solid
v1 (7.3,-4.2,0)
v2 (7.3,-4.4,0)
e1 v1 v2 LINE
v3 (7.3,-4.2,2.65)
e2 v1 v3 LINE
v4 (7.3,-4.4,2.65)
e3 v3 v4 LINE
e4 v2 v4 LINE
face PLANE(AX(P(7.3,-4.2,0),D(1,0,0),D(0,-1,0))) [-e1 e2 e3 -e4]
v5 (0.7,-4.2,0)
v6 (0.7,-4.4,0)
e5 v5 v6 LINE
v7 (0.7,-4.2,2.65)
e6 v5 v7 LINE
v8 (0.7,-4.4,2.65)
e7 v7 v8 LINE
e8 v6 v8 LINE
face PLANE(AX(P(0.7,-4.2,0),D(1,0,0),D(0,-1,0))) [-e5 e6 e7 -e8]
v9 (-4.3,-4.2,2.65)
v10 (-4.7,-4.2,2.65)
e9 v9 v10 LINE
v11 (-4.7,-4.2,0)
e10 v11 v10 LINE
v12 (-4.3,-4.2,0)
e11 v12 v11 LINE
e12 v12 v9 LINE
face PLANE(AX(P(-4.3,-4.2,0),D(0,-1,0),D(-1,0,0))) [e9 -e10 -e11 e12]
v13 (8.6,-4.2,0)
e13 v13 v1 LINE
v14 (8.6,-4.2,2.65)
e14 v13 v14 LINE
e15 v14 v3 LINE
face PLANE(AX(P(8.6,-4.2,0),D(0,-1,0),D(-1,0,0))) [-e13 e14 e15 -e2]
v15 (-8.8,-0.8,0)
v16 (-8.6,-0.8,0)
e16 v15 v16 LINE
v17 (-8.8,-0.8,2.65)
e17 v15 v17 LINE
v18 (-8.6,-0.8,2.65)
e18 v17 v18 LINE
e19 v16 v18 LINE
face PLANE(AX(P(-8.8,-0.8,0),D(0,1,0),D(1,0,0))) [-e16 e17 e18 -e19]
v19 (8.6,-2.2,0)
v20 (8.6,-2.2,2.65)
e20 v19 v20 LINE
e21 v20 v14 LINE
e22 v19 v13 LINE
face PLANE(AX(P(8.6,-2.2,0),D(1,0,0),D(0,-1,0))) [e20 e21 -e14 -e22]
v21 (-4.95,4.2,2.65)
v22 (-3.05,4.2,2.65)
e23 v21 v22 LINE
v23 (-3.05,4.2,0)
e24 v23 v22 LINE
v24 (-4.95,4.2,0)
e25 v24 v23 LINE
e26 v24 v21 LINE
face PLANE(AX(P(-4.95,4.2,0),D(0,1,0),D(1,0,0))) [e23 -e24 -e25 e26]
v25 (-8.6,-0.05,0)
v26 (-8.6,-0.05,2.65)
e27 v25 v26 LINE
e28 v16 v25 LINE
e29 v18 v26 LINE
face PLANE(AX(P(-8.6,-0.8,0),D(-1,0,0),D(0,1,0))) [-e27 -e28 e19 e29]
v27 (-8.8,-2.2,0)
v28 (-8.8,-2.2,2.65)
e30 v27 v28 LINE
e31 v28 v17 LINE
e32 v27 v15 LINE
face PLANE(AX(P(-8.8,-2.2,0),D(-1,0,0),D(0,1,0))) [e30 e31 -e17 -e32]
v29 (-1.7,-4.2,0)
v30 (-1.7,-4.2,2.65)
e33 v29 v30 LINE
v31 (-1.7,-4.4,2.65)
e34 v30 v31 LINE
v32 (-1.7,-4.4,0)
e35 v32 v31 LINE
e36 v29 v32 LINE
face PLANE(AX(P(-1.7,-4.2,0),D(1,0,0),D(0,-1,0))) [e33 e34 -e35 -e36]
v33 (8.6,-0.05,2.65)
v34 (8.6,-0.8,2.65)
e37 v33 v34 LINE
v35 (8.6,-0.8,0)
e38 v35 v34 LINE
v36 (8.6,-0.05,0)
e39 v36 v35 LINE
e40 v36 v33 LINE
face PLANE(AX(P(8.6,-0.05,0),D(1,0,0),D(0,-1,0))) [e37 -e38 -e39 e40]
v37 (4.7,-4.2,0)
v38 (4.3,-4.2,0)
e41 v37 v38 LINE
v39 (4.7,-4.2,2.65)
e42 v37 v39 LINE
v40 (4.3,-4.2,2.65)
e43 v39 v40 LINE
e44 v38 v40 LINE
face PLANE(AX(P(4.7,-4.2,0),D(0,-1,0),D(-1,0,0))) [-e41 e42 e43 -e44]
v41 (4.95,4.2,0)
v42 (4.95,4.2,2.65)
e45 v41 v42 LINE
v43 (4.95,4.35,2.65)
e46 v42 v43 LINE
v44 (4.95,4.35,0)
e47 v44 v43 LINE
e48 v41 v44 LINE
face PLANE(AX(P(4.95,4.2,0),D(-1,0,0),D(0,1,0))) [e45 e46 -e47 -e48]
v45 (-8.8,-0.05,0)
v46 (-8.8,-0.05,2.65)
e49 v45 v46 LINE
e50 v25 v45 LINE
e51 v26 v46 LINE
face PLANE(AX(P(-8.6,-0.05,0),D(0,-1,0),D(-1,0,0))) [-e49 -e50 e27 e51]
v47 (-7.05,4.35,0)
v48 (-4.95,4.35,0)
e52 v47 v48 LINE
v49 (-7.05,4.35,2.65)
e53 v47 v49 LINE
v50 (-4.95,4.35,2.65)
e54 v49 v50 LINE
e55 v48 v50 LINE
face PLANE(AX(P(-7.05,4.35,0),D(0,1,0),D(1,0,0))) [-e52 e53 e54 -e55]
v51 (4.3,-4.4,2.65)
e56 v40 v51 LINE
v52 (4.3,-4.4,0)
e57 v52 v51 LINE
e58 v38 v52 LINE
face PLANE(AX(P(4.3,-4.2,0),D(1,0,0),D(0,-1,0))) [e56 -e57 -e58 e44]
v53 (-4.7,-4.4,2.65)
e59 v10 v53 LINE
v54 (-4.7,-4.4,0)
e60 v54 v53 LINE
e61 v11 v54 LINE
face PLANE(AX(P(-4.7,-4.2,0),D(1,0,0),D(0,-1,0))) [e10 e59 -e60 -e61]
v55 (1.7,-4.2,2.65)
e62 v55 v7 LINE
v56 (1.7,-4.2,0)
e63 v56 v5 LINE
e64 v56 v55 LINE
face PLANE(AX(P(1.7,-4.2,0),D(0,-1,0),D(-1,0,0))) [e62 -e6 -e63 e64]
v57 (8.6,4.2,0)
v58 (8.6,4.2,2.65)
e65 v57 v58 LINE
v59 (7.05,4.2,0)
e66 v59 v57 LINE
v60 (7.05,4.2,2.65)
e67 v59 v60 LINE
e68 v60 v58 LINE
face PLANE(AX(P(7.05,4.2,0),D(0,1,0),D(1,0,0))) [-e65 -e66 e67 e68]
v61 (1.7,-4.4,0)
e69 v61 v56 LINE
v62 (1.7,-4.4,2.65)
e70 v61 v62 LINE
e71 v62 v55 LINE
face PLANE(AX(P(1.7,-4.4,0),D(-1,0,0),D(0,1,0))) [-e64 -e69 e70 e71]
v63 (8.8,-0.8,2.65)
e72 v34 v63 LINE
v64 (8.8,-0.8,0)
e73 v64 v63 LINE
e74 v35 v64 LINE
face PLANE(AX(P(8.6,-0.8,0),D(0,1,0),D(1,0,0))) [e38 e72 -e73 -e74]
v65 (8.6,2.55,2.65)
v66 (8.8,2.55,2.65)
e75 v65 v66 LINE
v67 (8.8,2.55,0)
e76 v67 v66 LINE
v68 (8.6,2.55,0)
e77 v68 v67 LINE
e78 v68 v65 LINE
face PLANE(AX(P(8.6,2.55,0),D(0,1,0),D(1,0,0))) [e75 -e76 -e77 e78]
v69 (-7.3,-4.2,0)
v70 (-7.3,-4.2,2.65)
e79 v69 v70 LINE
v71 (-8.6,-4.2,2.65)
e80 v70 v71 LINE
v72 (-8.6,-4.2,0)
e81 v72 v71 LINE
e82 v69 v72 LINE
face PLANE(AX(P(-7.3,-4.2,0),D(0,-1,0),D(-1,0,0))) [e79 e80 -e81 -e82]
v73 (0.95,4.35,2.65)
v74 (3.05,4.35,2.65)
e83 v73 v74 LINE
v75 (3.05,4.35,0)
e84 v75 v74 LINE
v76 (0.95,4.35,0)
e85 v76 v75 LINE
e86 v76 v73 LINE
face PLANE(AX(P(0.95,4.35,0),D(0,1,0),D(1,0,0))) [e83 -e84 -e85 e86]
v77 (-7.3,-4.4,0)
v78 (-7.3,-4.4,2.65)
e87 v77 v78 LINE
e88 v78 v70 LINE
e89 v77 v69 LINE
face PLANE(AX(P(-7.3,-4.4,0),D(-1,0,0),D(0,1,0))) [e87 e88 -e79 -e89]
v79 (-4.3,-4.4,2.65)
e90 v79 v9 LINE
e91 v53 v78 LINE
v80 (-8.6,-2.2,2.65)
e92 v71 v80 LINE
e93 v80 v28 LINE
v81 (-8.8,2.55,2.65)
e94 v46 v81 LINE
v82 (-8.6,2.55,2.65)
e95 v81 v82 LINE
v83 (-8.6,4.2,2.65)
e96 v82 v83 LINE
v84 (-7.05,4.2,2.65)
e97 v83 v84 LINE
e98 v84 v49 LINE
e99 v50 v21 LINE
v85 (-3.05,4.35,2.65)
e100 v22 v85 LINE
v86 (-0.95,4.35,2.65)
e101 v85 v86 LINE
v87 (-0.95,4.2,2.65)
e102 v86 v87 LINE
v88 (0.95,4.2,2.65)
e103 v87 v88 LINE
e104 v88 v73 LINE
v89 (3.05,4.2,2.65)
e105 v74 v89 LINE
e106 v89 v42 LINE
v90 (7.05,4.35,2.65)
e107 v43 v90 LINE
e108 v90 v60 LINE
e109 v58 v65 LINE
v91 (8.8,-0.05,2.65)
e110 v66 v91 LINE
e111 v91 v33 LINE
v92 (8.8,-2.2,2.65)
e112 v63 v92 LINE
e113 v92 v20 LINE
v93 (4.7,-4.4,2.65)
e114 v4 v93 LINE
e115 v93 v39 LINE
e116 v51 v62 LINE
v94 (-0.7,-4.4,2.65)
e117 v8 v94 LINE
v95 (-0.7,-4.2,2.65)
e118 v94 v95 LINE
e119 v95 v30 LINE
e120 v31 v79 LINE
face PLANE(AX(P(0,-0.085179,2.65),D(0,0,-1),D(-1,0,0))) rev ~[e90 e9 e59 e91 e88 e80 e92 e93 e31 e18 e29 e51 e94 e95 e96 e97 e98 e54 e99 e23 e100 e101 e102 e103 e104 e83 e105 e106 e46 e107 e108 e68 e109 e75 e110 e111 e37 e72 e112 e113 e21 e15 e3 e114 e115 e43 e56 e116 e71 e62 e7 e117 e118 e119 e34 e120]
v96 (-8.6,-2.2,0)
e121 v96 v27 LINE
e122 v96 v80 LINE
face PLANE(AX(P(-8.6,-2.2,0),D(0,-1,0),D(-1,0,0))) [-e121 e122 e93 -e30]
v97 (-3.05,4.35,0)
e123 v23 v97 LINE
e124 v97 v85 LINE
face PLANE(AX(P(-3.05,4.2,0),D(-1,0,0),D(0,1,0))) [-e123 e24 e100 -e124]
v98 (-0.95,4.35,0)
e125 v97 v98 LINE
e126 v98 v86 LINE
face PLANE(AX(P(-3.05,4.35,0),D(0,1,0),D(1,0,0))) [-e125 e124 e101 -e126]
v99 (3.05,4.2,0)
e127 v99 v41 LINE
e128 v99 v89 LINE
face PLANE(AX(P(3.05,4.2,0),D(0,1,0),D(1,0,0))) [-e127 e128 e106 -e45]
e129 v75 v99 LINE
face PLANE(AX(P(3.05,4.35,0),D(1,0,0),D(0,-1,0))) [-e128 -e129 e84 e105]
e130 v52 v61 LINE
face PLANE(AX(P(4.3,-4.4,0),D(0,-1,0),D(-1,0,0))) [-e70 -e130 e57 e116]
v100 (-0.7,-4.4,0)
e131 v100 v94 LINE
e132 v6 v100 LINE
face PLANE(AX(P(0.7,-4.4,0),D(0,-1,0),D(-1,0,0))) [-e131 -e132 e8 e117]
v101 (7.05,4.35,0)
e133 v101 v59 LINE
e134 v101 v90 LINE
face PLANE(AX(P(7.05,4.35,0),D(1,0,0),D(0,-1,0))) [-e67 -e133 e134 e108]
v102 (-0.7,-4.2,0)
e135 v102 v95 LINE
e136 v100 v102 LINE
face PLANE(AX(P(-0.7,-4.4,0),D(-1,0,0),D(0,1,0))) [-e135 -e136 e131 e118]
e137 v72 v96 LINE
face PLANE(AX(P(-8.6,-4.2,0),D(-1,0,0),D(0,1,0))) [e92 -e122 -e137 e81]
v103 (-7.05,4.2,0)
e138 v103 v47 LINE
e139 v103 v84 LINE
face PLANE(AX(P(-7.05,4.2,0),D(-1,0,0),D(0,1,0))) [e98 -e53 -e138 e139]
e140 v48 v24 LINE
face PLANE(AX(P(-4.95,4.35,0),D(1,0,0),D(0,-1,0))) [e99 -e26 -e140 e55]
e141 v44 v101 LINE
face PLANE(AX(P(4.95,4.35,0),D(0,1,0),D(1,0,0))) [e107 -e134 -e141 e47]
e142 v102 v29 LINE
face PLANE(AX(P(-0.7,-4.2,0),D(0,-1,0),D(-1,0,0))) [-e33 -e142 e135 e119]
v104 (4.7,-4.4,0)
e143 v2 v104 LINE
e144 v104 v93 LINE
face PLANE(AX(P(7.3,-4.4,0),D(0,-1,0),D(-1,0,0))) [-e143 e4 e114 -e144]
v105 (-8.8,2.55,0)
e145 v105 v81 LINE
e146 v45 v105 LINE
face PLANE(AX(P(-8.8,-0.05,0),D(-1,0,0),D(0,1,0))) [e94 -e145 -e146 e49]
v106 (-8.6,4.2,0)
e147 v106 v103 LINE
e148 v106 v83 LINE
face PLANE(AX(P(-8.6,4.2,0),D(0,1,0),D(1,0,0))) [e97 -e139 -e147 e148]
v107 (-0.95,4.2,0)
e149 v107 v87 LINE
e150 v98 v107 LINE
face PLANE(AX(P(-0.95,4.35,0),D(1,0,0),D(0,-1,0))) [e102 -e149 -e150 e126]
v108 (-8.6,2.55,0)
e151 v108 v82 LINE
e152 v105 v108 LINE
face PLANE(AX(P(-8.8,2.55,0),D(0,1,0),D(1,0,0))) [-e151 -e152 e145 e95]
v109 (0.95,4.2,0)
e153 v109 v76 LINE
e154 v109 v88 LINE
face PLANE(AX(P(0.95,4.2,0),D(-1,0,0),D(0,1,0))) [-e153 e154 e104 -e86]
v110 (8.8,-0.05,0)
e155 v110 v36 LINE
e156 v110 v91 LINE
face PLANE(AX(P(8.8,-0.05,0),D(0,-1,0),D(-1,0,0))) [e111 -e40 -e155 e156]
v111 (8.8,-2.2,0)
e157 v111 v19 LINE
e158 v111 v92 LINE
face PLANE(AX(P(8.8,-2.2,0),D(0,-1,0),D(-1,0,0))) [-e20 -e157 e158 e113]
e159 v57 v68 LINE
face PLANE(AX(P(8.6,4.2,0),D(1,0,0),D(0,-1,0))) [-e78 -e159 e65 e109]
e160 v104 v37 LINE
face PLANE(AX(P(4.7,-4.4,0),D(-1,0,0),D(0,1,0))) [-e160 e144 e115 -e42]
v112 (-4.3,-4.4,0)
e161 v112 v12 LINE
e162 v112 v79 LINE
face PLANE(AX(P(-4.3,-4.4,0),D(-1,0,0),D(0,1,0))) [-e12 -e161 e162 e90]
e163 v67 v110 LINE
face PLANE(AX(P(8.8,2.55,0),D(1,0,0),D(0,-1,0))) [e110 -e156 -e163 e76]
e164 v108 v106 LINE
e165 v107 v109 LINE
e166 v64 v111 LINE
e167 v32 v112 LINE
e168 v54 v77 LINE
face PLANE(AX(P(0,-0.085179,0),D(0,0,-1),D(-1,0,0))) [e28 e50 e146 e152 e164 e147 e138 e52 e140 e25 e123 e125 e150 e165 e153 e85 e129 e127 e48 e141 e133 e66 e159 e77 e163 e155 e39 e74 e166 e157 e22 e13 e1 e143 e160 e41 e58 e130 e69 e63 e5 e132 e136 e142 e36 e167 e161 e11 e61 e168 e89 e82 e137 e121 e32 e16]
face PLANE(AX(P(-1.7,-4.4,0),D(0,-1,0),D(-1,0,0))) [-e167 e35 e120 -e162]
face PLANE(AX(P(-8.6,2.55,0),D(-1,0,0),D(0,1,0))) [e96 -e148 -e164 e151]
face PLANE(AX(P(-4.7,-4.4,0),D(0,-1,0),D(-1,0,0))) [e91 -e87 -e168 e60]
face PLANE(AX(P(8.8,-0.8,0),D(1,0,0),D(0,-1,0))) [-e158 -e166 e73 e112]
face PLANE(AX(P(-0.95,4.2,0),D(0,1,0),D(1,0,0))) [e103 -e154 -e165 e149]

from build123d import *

# Parameters (mm, degrees)
COMPONENT_OUTLINE_DEPTH = 2.65


with BuildPart() as part:
    # 草图1 → Component_Outline (new body)
    with BuildSketch(Plane.XY):
        Polygon((7.05, 4.35), (7.05, 4.2), (8.6, 4.2), (8.6, 2.55), (8.8, 2.55), (8.8, -0.05), (8.6, -0.05), (8.6, -0.8), (8.8, -0.8), (8.8, -2.2), (8.6, -2.2), (8.6, -4.2), (7.3, -4.2), (7.3, -4.4), (4.7, -4.4), (4.7, -4.2), (4.3, -4.2), (4.3, -4.4), (1.7, -4.4), (1.7, -4.2), (0.7, -4.2), (0.7, -4.4), (-0.7, -4.4), (-0.7, -4.2), (-1.7, -4.2), (-1.7, -4.4), (-4.3, -4.4), (-4.3, -4.2), (-4.7, -4.2), (-4.7, -4.4), (-7.3, -4.4), (-7.3, -4.2), (-8.6, -4.2), (-8.6, -2.2), (-8.8, -2.2), (-8.8, -0.8), (-8.6, -0.8), (-8.6, -0.05), (-8.8, -0.05), (-8.8, 2.55), (-8.6, 2.55), (-8.6, 4.2), (-7.05, 4.2), (-7.05, 4.35), (-4.95, 4.35), (-4.95, 4.2), (-3.05, 4.2), (-3.05, 4.35), (-0.95, 4.35), (-0.95, 4.2), (0.95, 4.2), (0.95, 4.35), (3.05, 4.35), (3.05, 4.2), (4.95, 4.2), (4.95, 4.35), align=None)
    extrude(amount=COMPONENT_OUTLINE_DEPTH)


solid = part.part
